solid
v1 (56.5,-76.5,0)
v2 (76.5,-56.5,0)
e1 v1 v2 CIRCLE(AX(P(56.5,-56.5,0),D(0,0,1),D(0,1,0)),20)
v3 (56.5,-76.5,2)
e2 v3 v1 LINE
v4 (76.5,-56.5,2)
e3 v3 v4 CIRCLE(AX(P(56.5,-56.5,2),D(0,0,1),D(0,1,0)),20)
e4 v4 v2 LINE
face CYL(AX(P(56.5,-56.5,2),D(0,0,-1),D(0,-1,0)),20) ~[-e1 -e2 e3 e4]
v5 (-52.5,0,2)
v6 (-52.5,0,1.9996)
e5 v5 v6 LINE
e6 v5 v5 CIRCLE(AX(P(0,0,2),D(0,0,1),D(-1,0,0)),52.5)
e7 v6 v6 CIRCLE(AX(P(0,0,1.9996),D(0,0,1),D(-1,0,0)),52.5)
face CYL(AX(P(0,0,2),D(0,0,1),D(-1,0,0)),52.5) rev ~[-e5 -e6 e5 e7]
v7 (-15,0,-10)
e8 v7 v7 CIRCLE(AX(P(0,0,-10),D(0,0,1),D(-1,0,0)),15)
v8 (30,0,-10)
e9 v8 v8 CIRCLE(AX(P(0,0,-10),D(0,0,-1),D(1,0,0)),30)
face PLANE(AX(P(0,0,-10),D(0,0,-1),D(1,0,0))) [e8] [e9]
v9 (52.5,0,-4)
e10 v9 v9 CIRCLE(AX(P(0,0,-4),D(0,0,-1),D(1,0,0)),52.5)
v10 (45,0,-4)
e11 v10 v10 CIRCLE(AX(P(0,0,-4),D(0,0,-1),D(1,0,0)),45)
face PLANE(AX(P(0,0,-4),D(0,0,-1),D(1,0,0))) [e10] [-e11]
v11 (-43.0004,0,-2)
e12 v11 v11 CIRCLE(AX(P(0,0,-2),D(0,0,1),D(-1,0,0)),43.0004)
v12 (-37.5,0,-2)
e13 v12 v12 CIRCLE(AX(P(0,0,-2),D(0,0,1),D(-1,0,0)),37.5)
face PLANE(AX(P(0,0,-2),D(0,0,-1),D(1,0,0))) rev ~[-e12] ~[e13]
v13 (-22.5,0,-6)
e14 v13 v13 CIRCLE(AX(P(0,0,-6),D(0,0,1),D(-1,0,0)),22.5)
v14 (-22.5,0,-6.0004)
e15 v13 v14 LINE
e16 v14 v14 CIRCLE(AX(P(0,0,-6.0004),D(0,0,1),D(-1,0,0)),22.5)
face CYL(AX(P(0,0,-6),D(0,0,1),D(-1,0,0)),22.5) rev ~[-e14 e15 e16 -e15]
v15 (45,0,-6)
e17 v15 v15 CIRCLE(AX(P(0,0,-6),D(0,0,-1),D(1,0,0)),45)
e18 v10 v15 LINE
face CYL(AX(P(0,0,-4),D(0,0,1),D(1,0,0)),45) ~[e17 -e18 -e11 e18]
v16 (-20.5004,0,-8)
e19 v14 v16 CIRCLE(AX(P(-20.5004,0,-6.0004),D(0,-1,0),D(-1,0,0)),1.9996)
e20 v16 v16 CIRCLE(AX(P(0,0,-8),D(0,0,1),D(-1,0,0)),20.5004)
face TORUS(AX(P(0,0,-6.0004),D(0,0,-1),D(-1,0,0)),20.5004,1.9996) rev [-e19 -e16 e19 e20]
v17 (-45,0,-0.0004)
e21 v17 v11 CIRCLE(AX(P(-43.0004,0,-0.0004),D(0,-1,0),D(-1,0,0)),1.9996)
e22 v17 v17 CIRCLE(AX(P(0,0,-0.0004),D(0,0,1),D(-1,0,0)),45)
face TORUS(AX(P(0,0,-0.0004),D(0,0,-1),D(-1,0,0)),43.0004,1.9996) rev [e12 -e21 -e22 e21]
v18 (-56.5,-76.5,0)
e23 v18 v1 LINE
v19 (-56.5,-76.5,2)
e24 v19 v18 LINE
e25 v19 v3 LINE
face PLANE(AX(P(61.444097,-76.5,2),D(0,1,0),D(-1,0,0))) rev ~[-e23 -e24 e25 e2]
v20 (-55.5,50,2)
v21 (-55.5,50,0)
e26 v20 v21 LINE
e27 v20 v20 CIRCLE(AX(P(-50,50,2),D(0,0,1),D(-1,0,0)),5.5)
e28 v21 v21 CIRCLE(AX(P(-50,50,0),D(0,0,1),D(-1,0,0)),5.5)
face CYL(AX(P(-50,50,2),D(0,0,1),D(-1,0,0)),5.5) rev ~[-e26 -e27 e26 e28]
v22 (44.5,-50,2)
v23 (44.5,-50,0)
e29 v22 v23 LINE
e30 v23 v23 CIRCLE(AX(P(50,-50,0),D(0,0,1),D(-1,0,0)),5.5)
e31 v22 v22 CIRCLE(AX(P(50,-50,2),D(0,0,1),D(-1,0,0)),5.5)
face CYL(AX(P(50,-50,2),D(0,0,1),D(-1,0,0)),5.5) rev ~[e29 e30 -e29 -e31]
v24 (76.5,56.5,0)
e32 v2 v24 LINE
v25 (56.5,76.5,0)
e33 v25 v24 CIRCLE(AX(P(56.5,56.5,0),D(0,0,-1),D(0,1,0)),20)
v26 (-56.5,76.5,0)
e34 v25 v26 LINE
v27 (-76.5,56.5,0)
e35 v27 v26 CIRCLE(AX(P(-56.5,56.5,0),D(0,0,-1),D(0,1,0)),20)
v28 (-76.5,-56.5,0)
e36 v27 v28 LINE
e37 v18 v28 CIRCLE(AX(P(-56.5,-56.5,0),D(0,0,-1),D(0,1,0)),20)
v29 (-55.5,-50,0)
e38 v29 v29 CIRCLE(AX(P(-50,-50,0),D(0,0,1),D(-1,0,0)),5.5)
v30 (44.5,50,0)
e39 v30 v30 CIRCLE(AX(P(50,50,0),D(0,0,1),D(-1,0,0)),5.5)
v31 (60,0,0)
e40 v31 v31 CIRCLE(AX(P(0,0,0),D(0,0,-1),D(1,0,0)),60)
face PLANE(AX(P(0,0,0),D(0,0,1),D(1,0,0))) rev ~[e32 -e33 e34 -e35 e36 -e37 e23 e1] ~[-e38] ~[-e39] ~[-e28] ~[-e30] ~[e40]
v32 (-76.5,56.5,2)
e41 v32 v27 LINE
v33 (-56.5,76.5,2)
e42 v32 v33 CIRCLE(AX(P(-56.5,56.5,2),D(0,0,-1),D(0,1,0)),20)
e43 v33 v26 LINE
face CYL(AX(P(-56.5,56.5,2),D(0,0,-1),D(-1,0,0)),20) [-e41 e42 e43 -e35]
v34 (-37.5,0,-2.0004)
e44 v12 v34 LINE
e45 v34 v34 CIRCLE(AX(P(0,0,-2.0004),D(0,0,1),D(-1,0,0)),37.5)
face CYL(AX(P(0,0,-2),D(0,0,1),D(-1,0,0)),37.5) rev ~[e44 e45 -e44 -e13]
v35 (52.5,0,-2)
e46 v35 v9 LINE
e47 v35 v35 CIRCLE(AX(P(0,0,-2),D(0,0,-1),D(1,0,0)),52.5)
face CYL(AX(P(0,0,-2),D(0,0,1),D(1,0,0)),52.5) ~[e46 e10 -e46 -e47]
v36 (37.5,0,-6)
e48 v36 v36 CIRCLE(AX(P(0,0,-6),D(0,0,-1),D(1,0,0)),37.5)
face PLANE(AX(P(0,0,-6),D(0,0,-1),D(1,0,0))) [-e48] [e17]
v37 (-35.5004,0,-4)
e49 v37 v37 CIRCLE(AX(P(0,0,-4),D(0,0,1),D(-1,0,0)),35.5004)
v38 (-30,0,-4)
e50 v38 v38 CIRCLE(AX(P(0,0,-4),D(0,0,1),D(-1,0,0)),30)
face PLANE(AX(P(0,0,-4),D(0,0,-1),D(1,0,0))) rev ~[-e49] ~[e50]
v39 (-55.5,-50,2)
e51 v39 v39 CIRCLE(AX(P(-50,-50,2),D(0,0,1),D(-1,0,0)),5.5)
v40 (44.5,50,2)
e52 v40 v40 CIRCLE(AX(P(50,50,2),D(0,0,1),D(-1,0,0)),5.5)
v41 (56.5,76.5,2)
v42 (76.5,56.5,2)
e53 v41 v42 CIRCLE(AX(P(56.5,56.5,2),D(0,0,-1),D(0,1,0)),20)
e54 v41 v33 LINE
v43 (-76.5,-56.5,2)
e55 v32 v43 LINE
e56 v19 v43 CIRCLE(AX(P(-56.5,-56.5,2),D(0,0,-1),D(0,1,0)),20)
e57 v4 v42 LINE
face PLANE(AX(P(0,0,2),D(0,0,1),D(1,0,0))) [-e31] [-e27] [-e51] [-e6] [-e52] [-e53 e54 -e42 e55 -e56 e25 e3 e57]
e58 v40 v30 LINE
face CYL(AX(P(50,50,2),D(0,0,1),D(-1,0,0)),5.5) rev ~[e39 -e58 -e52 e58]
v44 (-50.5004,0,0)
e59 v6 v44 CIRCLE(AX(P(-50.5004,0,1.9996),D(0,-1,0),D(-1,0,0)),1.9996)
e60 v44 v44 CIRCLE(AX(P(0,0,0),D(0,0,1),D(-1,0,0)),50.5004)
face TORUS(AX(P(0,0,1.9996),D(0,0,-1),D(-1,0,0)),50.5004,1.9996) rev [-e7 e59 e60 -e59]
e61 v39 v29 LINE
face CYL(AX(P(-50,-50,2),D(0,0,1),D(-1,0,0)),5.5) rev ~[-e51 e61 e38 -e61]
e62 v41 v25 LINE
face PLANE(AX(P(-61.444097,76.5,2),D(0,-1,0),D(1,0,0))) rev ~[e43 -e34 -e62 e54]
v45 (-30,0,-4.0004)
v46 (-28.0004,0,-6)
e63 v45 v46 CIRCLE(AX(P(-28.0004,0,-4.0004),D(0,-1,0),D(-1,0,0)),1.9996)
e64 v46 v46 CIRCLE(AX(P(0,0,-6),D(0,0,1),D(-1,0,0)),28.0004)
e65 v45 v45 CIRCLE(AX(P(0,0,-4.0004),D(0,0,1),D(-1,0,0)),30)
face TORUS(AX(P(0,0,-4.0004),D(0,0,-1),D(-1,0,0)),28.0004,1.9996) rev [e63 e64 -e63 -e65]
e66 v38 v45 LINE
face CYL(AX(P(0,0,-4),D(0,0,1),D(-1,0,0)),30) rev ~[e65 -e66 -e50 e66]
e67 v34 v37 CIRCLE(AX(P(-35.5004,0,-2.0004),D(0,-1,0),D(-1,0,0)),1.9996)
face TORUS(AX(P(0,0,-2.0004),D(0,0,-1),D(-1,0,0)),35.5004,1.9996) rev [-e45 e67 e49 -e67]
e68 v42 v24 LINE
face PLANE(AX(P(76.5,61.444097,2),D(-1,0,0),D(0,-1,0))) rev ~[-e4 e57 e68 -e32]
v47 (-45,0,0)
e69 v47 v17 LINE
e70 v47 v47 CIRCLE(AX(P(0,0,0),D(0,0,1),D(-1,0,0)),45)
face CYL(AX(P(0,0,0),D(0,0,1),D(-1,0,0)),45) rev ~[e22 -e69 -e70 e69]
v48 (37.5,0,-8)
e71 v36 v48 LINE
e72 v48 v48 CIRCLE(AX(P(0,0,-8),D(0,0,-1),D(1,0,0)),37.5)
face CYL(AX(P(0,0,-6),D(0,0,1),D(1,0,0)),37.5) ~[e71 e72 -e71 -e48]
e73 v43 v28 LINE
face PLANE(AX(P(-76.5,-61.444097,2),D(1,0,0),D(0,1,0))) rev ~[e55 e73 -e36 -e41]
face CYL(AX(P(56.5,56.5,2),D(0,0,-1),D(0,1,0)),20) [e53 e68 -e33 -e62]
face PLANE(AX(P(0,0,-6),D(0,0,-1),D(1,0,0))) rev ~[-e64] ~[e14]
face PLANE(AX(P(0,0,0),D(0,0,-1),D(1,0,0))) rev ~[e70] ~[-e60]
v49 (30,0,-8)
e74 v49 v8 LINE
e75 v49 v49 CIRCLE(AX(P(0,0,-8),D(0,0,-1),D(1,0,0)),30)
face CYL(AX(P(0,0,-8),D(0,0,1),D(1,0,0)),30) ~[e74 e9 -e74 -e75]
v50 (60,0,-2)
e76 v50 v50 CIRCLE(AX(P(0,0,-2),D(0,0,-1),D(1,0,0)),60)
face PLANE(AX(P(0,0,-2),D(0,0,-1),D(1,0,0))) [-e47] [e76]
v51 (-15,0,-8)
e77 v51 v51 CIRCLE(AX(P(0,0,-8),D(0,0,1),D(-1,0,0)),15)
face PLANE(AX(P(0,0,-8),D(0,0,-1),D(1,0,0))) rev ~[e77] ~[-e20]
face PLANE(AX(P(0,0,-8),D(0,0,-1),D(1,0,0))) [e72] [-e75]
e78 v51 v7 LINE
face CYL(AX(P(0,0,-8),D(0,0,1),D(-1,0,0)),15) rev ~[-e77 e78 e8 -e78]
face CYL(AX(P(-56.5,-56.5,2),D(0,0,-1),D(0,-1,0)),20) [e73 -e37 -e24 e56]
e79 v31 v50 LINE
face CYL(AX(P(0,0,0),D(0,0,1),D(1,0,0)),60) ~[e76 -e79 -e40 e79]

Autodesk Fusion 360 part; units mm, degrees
sketch "Boceto1" plane through (0, 0, 0) normal (0, 0, 1) x (1, 0, 0)
  line L0 (77, -77) -> (-77, -77)
  line L1 (-77, -77) -> (-77, 77)
  line L2 (-77, 77) -> (77, 77)
  line L3 (77, 77) -> (77, -77)
  line L4 (77, -77) -> (-77, 77) construction
  line L5 (-77, -77) -> (77, 77) construction
  dimension "d1" = 154
  dimension "d2" = 154
extrude "Extruir1" add sketch "Boceto1" along normal blind 2
fillet "Empalme1" radius 20 4 edges at (-77, -77, 1) (77, -77, 1) (-77, 77, 1) (77, 77, 1)
sketch "Boceto2" plane through (0, 0, 2) normal (0, 0, 1) x (-1, 0, 0)
  arc A0 (-77, -57) -> (-57, -77) centre (-57, -57) ccw
  line L0 (-57, -77) -> (57, -77)
  arc A1 (57, -77) -> (77, -57) centre (57, -57) ccw
  line L1 (77, -57) -> (77, 57)
  arc A2 (77, 57) -> (57, 77) centre (57, 57) ccw
  line L2 (57, 77) -> (-57, 77)
  arc A3 (-57, 77) -> (-77, 57) centre (-57, 57) ccw
  line L3 (-77, 57) -> (-77, -57)
  circle A4 centre (50, -50) radius 5.5
  circle A5 centre (-50, -50) radius 5.5
  circle A6 centre (-50, 50) radius 5.5
  circle A7 centre (50, 50) radius 5.5
  dimension "d7" = 11
  dimension "d8" = 11
  dimension "d9" = 11
  dimension "d10" = 11
extrude "Extruir2" cut sketch "Boceto2" against normal blind 21 contours A4 | A5 | A6 | A7
sketch "Boceto3" plane through (0, 0, 2) normal (0, 0, 1) x (-1, 0, 0)
  circle A0 centre (50, 50) radius 5.5
  circle A1 centre (-50, -50) radius 5.5
  circle A2 centre (-50, 50) radius 5.5
  circle A3 centre (50, -50) radius 5.5
  arc A4 (-77, -57) -> (-57, -77) centre (-57, -57) ccw
  line L0 (-57, -77) -> (57, -77)
  arc A5 (57, -77) -> (77, -57) centre (57, -57) ccw
  line L1 (77, -57) -> (77, 57)
  arc A6 (77, 57) -> (57, 77) centre (57, 57) ccw
  line L2 (57, 77) -> (-57, 77)
  arc A7 (-57, 77) -> (-77, 57) centre (-57, 57) ccw
  line L3 (-77, 57) -> (-77, -57)
  circle A8 centre (0, 0) radius 52.5
  dimension "d13" = 105
extrude "Extruir3" cut sketch "Boceto3" against normal blind 2 contours A8
sketch "Boceto4" plane through (0, 0, 0) normal (0, 0, -1) x (1, 0, 0)
  circle A0 centre (0, 0) radius 52.5
  circle A1 centre (-50, 50) radius 5.5
  circle A2 centre (50, -50) radius 5.5
  circle A3 centre (50, 50) radius 5.5
  circle A4 centre (-50, -50) radius 5.5
  arc A5 (57, -77) -> (77, -57) centre (57, -57) ccw
  line L0 (77, -57) -> (77, 57)
  arc A6 (77, 57) -> (57, 77) centre (57, 57) ccw
  line L1 (57, 77) -> (-57, 77)
  arc A7 (-57, 77) -> (-77, 57) centre (-57, 57) ccw
  line L2 (-77, 57) -> (-77, -57)
  arc A8 (-77, -57) -> (-57, -77) centre (-57, -57) ccw
  line L3 (-57, -77) -> (57, -77)
  circle A9 centre (0, 0) radius 60
  dimension "d16" = 120
extrude "Extruir4" add sketch "Boceto4" along normal blind 2 contours A0 | A9
sketch "Boceto5" plane through (0, 0, 0) normal (0, 0, 1) x (-1, 0, 0)
  circle A0 centre (0, 0) radius 52.5
  circle A1 centre (0, 0) radius 45
extrude "Extruir5" cut sketch "Boceto5" against normal blind 20 contours A1
sketch "Boceto6" plane through (0, 0, -2) normal (0, 0, -1) x (1, 0, 0)
  circle A0 centre (0, 0) radius 45
  circle A1 centre (0, 0) radius 60
  circle A2 centre (0, 0) radius 52.5
  dimension "d21" = 105
extrude "Extruir6" add sketch "Boceto6" along normal blind 2 contours A0 | A2
sketch "Boceto7" plane through (0, 0, -2) normal (0, 0, 1) x (-1, 0, 0)
  circle A0 centre (0, 0) radius 45
  circle A1 centre (0, 0) radius 37.5
  dimension "d24" = 75
extrude "Extruir7" cut sketch "Boceto7" against normal blind 20 contours A1
sketch "Boceto8" plane through (0, 0, -4) normal (0, 0, -1) x (1, 0, 0)
  circle A0 centre (0, 0) radius 37.5
  circle A1 centre (0, 0) radius 52.5
  circle A2 centre (0, 0) radius 45
  dimension "d27" = 90
extrude "Extruir8" add sketch "Boceto8" along normal blind 2 contours A0 | A2
sketch "Boceto9" plane through (0, 0, -4) normal (0, 0, 1) x (-1, 0, 0)
  circle A0 centre (0, 0) radius 37.5
  circle A1 centre (0, 0) radius 30
  dimension "d30" = 60
extrude "Extruir9" cut sketch "Boceto9" against normal blind 2 contours A1
sketch "Boceto10" plane through (0, 0, -6) normal (0, 0, -1) x (1, 0, 0)
  circle A0 centre (0, 0) radius 30
  circle A1 centre (0, 0) radius 45
  circle A2 centre (0, 0) radius 37.5
  dimension "d33" = 75
extrude "Extruir10" add sketch "Boceto10" along normal blind 2 contours A0 | A2
sketch "Boceto11" plane through (0, 0, -6) normal (0, 0, 1) x (-1, 0, 0)
  circle A0 centre (0, 0) radius 30
  circle A1 centre (0, 0) radius 22.5
  dimension "d36" = 45
extrude "Extruir11" cut sketch "Boceto11" against normal blind 2 contours A1
sketch "Boceto12" plane through (0, 0, -8) normal (0, 0, -1) x (1, 0, 0)
  circle A0 centre (0, 0) radius 22.5
  circle A1 centre (0, 0) radius 37.5
  circle A2 centre (0, 0) radius 30
extrude "Extruir12" add sketch "Boceto12" along normal blind 2 contours A0 | A2
sketch "Boceto13" plane through (0, 0, -8) normal (0, 0, 1) x (-1, 0, 0)
  circle A0 centre (0, 0) radius 22.5
  circle A1 centre (0, 0) radius 15
  dimension "d41" = 30
extrude "Extruir13" cut sketch "Boceto13" against normal blind 2 contours A1
fillet "Empalme2" radius 2 1 edges at (48.9472, 18.9848, 0)
fillet "Empalme3" radius 2 4 edges at (41.9547, 16.2727, -2) (34.9623, 13.5606, -4) (27.9698, 10.8485, -6) (20.9774, 8.1363, -8)
sketch "Boceto14" plane through (0, 0, 2) normal (0, 0, 1) x (-1, 0, 0)
  circle A0 centre (0, 0) radius 52.5
  circle A1 centre (50, 50) radius 5.5
  circle A2 centre (-50, -50) radius 5.5
  circle A3 centre (-50, 50) radius 5.5
  circle A4 centre (50, -50) radius 5.5
  arc A5 (-77, -57) -> (-57, -77) centre (-57, -57) ccw
  line L0 (-57, -77) -> (57, -77)
  arc A6 (57, -77) -> (77, -57) centre (57, -57) ccw
  line L1 (77, -57) -> (77, 57)
  arc A7 (77, 57) -> (57, 77) centre (57, 57) ccw
  line L2 (57, 77) -> (-57, 77)
  arc A8 (-57, 77) -> (-77, 57) centre (-57, 57) ccw
  line L3 (-77, 57) -> (-77, -57)
  line L4 (76.5, -76.5) -> (-76.5, -76.5)
  line L5 (-76.5, -76.5) -> (-76.5, 76.5)
  line L6 (-76.5, 76.5) -> (76.5, 76.5)
  line L7 (76.5, 76.5) -> (76.5, -76.5)
  line L8 (76.5, -76.5) -> (-76.5, 76.5) construction
  line L9 (-76.5, -76.5) -> (76.5, 76.5) construction
  line L10 (77, -77) -> (-77, -77)
  line L11 (-77, -77) -> (-77, 77)
  line L12 (-77, 77) -> (77, 77)
  line L13 (77, 77) -> (77, -77)
  line L14 (77, -77) -> (-77, 77) construction
  line L15 (-77, -77) -> (77, 77) construction
  arc A9 (57, -77) -> (77, -57) centre (57, -57) ccw
  dimension "d48" = 153
  dimension "d49" = 153
  dimension "d50" = 154
  dimension "d51" = 154
extrude "Extruir14" cut sketch "Boceto14" against normal blind 3 contours A5 A8 L3 L5 L11 | A5 L0 A6 L4 L10 A9 | A7 L2 A8 L6 L12 | A6 L1 A7 L7 L13 A9
sketch "Boceto15" plane through (0, 0, 2) normal (0, 0, 1) x (-1, 0, 0)
  circle A0 centre (50, -50) radius 5.5
  circle A1 centre (-50, 50) radius 5.5
  circle A2 centre (-50, -50) radius 5.5
  circle A3 centre (50, 50) radius 5.5
  circle A4 centre (0, 0) radius 52.5
  line L0 (-76.5, 61.4441) -> (-76.5, -61.4441)
  arc A5 (-76.5, -61.4441) -> (-61.4441, -76.5) centre (-57, -57) ccw
  line L1 (-61.4441, -76.5) -> (61.4441, -76.5)
  arc A6 (61.4441, -76.5) -> (76.5, -61.4441) centre (57, -57) ccw
  line L2 (76.5, -61.4441) -> (76.5, 61.4441)
  arc A7 (76.5, 61.4441) -> (61.4441, 76.5) centre (57, 57) ccw
  line L3 (61.4441, 76.5) -> (-61.4441, 76.5)
  arc A8 (-61.4441, 76.5) -> (-76.5, 61.4441) centre (-57, 57) ccw
  line L4 (76.5, -76.5) -> (-76.5, -76.5)
  line L5 (-76.5, -76.5) -> (-76.5, 76.5)
  line L6 (-76.5, 76.5) -> (76.5, 76.5)
  line L7 (76.5, 76.5) -> (76.5, -76.5)
  line L8 (76.5, -76.5) -> (-76.5, 76.5) construction
  line L9 (-76.5, -76.5) -> (76.5, 76.5) construction
  circle A9 centre (57, -57) radius 20
  circle A10 centre (-57, -57) radius 20
  circle A11 centre (-57, 57) radius 20
  circle A12 centre (57, 57) radius 20
  dimension "d54" = 153
  dimension "d55" = 153
  dimension "d56" = 40
  dimension "d57" = 40
  dimension "d58" = 40
  dimension "d59" = 40
extrude "Extruir15" add sketch "Boceto15" against normal blind 2 contours A8 L5 L6 A11 | A5 L4 L5 A10 | A7 L6 L7 A12 | A6 L4 L7 A9
fillet "Empalme4" radius 20 4 edges at (-76.5, -76.5, 1) (76.5, -76.5, 1) (76.5, 76.5, 1) (-76.5, 76.5, 1)
